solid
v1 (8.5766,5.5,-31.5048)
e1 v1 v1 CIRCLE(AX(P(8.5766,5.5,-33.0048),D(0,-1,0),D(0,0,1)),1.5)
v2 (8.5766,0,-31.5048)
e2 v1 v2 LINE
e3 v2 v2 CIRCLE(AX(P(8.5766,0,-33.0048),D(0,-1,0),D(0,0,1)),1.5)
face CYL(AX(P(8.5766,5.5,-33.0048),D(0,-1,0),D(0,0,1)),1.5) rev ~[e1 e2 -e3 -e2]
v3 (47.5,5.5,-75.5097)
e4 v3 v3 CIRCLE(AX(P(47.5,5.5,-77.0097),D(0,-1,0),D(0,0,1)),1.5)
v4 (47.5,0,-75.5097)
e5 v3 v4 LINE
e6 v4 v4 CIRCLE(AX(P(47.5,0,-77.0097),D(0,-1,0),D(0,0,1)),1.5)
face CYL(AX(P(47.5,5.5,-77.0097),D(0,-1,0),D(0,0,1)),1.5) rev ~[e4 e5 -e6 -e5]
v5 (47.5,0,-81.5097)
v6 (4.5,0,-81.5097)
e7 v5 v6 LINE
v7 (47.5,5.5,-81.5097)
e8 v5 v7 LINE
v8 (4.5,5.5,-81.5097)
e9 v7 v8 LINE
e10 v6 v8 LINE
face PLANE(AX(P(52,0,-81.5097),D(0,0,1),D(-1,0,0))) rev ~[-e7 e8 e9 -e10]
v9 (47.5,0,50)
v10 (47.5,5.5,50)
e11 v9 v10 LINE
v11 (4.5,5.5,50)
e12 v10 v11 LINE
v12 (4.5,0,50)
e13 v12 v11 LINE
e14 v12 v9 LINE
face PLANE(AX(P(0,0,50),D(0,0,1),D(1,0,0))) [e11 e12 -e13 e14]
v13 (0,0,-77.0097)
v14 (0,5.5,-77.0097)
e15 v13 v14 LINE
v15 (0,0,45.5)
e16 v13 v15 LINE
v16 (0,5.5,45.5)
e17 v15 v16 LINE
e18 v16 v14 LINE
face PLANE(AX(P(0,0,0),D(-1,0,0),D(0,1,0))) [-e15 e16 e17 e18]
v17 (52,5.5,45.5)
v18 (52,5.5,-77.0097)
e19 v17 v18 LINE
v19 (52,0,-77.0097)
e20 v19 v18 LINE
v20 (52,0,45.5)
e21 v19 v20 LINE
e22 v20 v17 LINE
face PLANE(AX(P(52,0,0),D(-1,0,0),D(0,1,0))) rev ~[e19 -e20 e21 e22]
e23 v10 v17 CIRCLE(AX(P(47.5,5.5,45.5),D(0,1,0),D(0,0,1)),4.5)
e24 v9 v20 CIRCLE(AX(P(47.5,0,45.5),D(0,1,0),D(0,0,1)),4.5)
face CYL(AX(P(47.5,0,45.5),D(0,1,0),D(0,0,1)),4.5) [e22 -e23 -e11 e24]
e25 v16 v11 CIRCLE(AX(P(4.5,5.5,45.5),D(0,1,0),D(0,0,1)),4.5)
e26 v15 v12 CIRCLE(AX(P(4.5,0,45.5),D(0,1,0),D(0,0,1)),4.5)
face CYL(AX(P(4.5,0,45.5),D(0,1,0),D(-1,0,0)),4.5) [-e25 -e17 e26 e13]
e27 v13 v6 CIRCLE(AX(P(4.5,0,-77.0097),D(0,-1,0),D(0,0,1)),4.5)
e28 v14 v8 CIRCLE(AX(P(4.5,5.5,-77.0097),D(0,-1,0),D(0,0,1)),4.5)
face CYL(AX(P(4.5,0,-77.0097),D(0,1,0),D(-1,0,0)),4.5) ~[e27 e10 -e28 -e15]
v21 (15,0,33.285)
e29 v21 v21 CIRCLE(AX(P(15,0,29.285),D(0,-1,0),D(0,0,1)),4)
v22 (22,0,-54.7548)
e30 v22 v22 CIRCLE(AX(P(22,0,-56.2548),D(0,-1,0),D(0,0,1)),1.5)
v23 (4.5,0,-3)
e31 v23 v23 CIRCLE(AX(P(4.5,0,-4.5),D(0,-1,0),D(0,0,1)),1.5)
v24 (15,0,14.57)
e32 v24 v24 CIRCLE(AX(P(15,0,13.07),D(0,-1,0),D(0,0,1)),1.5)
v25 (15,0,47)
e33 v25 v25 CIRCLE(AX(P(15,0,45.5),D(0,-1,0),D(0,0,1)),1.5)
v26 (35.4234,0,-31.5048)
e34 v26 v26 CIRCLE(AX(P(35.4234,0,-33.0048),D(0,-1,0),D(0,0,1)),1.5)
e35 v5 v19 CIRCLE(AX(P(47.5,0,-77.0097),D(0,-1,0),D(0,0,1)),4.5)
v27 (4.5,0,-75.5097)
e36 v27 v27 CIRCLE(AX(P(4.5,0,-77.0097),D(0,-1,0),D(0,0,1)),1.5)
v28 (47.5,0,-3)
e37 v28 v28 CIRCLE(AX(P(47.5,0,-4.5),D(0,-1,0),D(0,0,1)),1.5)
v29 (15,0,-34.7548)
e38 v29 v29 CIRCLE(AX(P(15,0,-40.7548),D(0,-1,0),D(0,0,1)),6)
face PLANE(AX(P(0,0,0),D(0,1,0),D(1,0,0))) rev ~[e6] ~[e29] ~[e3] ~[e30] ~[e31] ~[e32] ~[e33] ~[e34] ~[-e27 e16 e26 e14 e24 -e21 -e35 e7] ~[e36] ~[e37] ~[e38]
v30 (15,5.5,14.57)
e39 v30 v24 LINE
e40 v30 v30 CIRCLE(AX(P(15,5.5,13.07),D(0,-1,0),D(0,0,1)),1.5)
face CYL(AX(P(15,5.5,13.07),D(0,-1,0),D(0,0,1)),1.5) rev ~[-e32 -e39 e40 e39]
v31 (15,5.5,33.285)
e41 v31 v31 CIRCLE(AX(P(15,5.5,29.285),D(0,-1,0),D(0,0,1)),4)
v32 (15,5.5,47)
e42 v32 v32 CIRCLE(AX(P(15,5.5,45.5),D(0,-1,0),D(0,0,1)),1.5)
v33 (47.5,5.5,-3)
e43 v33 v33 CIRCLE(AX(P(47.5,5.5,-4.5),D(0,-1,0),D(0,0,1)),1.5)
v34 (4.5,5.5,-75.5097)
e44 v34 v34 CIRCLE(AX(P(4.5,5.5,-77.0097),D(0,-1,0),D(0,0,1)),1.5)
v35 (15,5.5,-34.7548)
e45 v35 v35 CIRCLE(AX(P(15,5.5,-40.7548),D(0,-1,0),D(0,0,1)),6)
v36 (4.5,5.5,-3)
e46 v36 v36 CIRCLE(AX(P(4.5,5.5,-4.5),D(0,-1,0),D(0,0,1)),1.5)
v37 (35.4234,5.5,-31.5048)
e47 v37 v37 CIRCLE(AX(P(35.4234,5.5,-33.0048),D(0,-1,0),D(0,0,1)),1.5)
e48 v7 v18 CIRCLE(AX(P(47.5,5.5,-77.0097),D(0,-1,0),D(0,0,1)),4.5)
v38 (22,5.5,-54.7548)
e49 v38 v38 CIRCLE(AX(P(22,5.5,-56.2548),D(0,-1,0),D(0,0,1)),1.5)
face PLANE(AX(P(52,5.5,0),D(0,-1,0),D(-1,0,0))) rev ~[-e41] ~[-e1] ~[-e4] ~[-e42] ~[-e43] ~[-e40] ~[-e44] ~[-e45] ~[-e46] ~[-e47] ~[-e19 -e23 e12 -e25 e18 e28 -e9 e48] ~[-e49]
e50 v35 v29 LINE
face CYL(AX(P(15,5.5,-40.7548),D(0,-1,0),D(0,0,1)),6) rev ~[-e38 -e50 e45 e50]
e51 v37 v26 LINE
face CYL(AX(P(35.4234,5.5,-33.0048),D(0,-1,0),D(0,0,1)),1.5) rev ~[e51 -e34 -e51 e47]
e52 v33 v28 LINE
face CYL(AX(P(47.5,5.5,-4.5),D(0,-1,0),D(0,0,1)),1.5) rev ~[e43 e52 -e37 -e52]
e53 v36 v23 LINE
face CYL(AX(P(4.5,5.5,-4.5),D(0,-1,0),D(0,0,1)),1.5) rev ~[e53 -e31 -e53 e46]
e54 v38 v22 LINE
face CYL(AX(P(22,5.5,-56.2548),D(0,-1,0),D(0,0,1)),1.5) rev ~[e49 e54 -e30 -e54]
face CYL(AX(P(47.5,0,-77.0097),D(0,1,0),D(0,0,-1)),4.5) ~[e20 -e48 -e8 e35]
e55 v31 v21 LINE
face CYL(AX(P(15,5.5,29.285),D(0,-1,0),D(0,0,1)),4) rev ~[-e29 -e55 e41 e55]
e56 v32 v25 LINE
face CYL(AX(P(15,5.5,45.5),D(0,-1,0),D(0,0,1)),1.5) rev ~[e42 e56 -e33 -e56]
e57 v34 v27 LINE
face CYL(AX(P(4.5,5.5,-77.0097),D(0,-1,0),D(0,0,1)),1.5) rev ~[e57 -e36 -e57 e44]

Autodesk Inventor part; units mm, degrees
ref_plane "YZ Plane" through (0, 0, 0) normal (1, 0, 0) x (0, 1, 0)
ref_plane "XZ Plane" through (0, 0, 0) normal (0, 1, 0) x (-1, 0, 0)
ref_plane "XY Plane" through (0, 0, 0) normal (0, 0, 1) x (1, 0, 0)
sketch "スケッチ1" plane through (0, 0, 0) normal (0, 1, 0) x (-1, 0, 0)
  line L0 (0, 0) -> (-52, 0)
  line L1 (-52, 0) -> (-52, -81.5097)
  line L2 (-52, -81.5097) -> (0, -81.5097)
  line L3 (0, -81.5097) -> (0, 0)
  dimension "d0" = 81.5097
  dimension "d1" = 52
extrude "押し出し1" add sketch "スケッチ1" along normal blind 5.5
sketch "スケッチ2" plane through (0, 5.5, 0) normal (0, 1, 0) x (1, 0, 0)
  line L0 (0, 0) -> (52, 0) projected
  line L1 (52, 81.5097) -> (0, 81.5097) projected
  line L2 (52, 0) -> (52, 81.5097) projected
  line L3 (0, 81.5097) -> (0, 0) projected
  point P0 (4.5, 4.5)
  point P1 (4.5, 77.0097)
  point P2 (47.5, 77.0097)
  point P3 (47.5, 4.5)
  dimension "d4" = 4.5
  dimension "d5" = 4.5
  dimension "d6" = 4.5
  dimension "d7" = 4.5
  dimension "d8" = 4.5
  dimension "d9" = 4.5
  dimension "d10" = 4.5
  dimension "d11" = 4.5
hole "穴1" at (4.5, 5.5, -4.5) at (4.5, 5.5, -77.0097) at (47.5, 5.5, -77.0097) at (47.5, 5.5, -4.5) direction (0, -1, 0) diameter 3 end through all
sketch "スケッチ3" plane through (0, 5.5, 0) normal (0, 1, 0) x (1, 0, 0)
  circle A0 centre (22, 40.7548) radius 15.5
  line L0 (0, 0) -> (52, 0) projected
  line L1 (52, 81.5097) -> (0, 81.5097) projected
  line L2 (52, 0) -> (52, 81.5097) projected
  line L3 (22, 40.7548) -> (35.4234, 33.0048)
  line L4 (22, 40.7548) -> (37.5, 40.7548) construction
  line L5 (22, 40.7548) -> (8.5766, 33.0048)
  line L6 (22, 40.7548) -> (22, 56.2548)
  line L7 (22, 40.7548) -> (37.5, 40.7548) construction
  point P0 (4.5, 0)
  point P1 (47.5, 0)
  point P2 (47.5, 81.5097)
  point P3 (4.5, 81.5097)
  point P4 (52, 4.5)
  point P5 (52, 77.0097)
  dimension "d20" = 31
  dimension "d21" = 81.5097
  dimension "d22" = 40.7548
  dimension "d23" = 30
  dimension "d25" = 90
  dimension "d43" = 120
  dimension "d44" = 120
hole "穴2" at (35.4234, 5.5, -33.0048) at (22, 5.5, -56.2548) at (8.5766, 5.5, -33.0048) direction (0, -1, 0) diameter 3 end through all
sketch "スケッチ4" plane through (0, 5.5, 0) normal (0, 1, 0) x (1, 0, 0)
  line L0 (0, 0) -> (52, 0) projected
  line L1 (52, 81.5097) -> (0, 81.5097) projected
  line L2 (52, 0) -> (52, 81.5097) projected
  point P0 (15, 40.7548)
  point P1 (4.5, 0)
  point P2 (47.5, 0)
  point P3 (47.5, 81.5097)
  point P4 (4.5, 81.5097)
  point P5 (52, 4.5)
  point P6 (52, 77.0097)
  dimension "d33" = 81.5097
  dimension "d34" = 40.7548
  dimension "d35" = 37
hole "穴3" at (15, 5.5, -40.7548) direction (0, -1, 0) diameter 12 end through all
sketch "スケッチ5" plane through (0, 0, 0) normal (0, 0, 1) x (1, 0, 0)
  line L0 (0, 0) -> (0, 5.5) projected
  line L1 (52, 0) -> (52, 5.5) projected
  line L2 (0, 0) -> (52, 0)
  line L3 (52, 0) -> (52, 5.5)
  line L4 (52, 5.5) -> (0, 5.5)
  line L5 (0, 5.5) -> (0, 0)
extrude "押し出し2" add sketch "スケッチ5" along normal blind 50
sketch "スケッチ6" plane through (0, 5.5, 0) normal (0, 1, 0) x (1, 0, 0)
  line L0 (0, 81.5097) -> (0, -50) projected
  circle A0 centre (15, 40.7548) radius 6 projected
  line L1 (52, -50) -> (0, -50) projected
  point P0 (0, 0)
  point P1 (15, -45.5)
  point P2 (15, -13.07)
  dimension "d47" = 15
  dimension "d48" = 15
  dimension "d49" = 15
  dimension "d57" = 32.43
  dimension "d58" = 4.5
hole "穴4" at (15, 5.5, 45.5) at (15, 5.5, 13.07) direction (0, -1, 0) diameter 3 end through all
sketch "スケッチ7" plane through (0, 5.5, 0) normal (0, 1, 0) x (1, 0, 0)
  circle A0 centre (15, -13.07) radius 1.5 projected
  circle A1 centre (15, -45.5) radius 1.5 projected
  line L0 (0, 81.5097) -> (0, -50) projected
  point P0 (0, 0)
  point P1 (15, -29.285)
  dimension "d59" = 32.43
  dimension "d60" = 15
  dimension "d61" = 15
  dimension "d62" = 16.215
hole "穴5" at (15, 5.5, 29.285) direction (0, -1, 0) diameter 8 end through all
fillet "フィレット2" radius 4.5 4 edges at (52, 2.75, 50) (0, 2.75, 50) (52, 2.75, -81.5097) (0, 2.75, -81.5097)
equation "\"d6\" = d5"
equation "\"d7\" = d4"
equation "\"d22\" = 0.5 * d21"
equation "\"d44\" = d43"
equation "\"d34\" = 0.5 * d33"
equation "\"d48\" = d47"
equation "\"d49\" = d48"
equation "\"d61\" = d60"
equation "\"d62\" = 0.5 * d59"
properties part number "ロボット回転t5.5" material "木材 (カエデ材)"
